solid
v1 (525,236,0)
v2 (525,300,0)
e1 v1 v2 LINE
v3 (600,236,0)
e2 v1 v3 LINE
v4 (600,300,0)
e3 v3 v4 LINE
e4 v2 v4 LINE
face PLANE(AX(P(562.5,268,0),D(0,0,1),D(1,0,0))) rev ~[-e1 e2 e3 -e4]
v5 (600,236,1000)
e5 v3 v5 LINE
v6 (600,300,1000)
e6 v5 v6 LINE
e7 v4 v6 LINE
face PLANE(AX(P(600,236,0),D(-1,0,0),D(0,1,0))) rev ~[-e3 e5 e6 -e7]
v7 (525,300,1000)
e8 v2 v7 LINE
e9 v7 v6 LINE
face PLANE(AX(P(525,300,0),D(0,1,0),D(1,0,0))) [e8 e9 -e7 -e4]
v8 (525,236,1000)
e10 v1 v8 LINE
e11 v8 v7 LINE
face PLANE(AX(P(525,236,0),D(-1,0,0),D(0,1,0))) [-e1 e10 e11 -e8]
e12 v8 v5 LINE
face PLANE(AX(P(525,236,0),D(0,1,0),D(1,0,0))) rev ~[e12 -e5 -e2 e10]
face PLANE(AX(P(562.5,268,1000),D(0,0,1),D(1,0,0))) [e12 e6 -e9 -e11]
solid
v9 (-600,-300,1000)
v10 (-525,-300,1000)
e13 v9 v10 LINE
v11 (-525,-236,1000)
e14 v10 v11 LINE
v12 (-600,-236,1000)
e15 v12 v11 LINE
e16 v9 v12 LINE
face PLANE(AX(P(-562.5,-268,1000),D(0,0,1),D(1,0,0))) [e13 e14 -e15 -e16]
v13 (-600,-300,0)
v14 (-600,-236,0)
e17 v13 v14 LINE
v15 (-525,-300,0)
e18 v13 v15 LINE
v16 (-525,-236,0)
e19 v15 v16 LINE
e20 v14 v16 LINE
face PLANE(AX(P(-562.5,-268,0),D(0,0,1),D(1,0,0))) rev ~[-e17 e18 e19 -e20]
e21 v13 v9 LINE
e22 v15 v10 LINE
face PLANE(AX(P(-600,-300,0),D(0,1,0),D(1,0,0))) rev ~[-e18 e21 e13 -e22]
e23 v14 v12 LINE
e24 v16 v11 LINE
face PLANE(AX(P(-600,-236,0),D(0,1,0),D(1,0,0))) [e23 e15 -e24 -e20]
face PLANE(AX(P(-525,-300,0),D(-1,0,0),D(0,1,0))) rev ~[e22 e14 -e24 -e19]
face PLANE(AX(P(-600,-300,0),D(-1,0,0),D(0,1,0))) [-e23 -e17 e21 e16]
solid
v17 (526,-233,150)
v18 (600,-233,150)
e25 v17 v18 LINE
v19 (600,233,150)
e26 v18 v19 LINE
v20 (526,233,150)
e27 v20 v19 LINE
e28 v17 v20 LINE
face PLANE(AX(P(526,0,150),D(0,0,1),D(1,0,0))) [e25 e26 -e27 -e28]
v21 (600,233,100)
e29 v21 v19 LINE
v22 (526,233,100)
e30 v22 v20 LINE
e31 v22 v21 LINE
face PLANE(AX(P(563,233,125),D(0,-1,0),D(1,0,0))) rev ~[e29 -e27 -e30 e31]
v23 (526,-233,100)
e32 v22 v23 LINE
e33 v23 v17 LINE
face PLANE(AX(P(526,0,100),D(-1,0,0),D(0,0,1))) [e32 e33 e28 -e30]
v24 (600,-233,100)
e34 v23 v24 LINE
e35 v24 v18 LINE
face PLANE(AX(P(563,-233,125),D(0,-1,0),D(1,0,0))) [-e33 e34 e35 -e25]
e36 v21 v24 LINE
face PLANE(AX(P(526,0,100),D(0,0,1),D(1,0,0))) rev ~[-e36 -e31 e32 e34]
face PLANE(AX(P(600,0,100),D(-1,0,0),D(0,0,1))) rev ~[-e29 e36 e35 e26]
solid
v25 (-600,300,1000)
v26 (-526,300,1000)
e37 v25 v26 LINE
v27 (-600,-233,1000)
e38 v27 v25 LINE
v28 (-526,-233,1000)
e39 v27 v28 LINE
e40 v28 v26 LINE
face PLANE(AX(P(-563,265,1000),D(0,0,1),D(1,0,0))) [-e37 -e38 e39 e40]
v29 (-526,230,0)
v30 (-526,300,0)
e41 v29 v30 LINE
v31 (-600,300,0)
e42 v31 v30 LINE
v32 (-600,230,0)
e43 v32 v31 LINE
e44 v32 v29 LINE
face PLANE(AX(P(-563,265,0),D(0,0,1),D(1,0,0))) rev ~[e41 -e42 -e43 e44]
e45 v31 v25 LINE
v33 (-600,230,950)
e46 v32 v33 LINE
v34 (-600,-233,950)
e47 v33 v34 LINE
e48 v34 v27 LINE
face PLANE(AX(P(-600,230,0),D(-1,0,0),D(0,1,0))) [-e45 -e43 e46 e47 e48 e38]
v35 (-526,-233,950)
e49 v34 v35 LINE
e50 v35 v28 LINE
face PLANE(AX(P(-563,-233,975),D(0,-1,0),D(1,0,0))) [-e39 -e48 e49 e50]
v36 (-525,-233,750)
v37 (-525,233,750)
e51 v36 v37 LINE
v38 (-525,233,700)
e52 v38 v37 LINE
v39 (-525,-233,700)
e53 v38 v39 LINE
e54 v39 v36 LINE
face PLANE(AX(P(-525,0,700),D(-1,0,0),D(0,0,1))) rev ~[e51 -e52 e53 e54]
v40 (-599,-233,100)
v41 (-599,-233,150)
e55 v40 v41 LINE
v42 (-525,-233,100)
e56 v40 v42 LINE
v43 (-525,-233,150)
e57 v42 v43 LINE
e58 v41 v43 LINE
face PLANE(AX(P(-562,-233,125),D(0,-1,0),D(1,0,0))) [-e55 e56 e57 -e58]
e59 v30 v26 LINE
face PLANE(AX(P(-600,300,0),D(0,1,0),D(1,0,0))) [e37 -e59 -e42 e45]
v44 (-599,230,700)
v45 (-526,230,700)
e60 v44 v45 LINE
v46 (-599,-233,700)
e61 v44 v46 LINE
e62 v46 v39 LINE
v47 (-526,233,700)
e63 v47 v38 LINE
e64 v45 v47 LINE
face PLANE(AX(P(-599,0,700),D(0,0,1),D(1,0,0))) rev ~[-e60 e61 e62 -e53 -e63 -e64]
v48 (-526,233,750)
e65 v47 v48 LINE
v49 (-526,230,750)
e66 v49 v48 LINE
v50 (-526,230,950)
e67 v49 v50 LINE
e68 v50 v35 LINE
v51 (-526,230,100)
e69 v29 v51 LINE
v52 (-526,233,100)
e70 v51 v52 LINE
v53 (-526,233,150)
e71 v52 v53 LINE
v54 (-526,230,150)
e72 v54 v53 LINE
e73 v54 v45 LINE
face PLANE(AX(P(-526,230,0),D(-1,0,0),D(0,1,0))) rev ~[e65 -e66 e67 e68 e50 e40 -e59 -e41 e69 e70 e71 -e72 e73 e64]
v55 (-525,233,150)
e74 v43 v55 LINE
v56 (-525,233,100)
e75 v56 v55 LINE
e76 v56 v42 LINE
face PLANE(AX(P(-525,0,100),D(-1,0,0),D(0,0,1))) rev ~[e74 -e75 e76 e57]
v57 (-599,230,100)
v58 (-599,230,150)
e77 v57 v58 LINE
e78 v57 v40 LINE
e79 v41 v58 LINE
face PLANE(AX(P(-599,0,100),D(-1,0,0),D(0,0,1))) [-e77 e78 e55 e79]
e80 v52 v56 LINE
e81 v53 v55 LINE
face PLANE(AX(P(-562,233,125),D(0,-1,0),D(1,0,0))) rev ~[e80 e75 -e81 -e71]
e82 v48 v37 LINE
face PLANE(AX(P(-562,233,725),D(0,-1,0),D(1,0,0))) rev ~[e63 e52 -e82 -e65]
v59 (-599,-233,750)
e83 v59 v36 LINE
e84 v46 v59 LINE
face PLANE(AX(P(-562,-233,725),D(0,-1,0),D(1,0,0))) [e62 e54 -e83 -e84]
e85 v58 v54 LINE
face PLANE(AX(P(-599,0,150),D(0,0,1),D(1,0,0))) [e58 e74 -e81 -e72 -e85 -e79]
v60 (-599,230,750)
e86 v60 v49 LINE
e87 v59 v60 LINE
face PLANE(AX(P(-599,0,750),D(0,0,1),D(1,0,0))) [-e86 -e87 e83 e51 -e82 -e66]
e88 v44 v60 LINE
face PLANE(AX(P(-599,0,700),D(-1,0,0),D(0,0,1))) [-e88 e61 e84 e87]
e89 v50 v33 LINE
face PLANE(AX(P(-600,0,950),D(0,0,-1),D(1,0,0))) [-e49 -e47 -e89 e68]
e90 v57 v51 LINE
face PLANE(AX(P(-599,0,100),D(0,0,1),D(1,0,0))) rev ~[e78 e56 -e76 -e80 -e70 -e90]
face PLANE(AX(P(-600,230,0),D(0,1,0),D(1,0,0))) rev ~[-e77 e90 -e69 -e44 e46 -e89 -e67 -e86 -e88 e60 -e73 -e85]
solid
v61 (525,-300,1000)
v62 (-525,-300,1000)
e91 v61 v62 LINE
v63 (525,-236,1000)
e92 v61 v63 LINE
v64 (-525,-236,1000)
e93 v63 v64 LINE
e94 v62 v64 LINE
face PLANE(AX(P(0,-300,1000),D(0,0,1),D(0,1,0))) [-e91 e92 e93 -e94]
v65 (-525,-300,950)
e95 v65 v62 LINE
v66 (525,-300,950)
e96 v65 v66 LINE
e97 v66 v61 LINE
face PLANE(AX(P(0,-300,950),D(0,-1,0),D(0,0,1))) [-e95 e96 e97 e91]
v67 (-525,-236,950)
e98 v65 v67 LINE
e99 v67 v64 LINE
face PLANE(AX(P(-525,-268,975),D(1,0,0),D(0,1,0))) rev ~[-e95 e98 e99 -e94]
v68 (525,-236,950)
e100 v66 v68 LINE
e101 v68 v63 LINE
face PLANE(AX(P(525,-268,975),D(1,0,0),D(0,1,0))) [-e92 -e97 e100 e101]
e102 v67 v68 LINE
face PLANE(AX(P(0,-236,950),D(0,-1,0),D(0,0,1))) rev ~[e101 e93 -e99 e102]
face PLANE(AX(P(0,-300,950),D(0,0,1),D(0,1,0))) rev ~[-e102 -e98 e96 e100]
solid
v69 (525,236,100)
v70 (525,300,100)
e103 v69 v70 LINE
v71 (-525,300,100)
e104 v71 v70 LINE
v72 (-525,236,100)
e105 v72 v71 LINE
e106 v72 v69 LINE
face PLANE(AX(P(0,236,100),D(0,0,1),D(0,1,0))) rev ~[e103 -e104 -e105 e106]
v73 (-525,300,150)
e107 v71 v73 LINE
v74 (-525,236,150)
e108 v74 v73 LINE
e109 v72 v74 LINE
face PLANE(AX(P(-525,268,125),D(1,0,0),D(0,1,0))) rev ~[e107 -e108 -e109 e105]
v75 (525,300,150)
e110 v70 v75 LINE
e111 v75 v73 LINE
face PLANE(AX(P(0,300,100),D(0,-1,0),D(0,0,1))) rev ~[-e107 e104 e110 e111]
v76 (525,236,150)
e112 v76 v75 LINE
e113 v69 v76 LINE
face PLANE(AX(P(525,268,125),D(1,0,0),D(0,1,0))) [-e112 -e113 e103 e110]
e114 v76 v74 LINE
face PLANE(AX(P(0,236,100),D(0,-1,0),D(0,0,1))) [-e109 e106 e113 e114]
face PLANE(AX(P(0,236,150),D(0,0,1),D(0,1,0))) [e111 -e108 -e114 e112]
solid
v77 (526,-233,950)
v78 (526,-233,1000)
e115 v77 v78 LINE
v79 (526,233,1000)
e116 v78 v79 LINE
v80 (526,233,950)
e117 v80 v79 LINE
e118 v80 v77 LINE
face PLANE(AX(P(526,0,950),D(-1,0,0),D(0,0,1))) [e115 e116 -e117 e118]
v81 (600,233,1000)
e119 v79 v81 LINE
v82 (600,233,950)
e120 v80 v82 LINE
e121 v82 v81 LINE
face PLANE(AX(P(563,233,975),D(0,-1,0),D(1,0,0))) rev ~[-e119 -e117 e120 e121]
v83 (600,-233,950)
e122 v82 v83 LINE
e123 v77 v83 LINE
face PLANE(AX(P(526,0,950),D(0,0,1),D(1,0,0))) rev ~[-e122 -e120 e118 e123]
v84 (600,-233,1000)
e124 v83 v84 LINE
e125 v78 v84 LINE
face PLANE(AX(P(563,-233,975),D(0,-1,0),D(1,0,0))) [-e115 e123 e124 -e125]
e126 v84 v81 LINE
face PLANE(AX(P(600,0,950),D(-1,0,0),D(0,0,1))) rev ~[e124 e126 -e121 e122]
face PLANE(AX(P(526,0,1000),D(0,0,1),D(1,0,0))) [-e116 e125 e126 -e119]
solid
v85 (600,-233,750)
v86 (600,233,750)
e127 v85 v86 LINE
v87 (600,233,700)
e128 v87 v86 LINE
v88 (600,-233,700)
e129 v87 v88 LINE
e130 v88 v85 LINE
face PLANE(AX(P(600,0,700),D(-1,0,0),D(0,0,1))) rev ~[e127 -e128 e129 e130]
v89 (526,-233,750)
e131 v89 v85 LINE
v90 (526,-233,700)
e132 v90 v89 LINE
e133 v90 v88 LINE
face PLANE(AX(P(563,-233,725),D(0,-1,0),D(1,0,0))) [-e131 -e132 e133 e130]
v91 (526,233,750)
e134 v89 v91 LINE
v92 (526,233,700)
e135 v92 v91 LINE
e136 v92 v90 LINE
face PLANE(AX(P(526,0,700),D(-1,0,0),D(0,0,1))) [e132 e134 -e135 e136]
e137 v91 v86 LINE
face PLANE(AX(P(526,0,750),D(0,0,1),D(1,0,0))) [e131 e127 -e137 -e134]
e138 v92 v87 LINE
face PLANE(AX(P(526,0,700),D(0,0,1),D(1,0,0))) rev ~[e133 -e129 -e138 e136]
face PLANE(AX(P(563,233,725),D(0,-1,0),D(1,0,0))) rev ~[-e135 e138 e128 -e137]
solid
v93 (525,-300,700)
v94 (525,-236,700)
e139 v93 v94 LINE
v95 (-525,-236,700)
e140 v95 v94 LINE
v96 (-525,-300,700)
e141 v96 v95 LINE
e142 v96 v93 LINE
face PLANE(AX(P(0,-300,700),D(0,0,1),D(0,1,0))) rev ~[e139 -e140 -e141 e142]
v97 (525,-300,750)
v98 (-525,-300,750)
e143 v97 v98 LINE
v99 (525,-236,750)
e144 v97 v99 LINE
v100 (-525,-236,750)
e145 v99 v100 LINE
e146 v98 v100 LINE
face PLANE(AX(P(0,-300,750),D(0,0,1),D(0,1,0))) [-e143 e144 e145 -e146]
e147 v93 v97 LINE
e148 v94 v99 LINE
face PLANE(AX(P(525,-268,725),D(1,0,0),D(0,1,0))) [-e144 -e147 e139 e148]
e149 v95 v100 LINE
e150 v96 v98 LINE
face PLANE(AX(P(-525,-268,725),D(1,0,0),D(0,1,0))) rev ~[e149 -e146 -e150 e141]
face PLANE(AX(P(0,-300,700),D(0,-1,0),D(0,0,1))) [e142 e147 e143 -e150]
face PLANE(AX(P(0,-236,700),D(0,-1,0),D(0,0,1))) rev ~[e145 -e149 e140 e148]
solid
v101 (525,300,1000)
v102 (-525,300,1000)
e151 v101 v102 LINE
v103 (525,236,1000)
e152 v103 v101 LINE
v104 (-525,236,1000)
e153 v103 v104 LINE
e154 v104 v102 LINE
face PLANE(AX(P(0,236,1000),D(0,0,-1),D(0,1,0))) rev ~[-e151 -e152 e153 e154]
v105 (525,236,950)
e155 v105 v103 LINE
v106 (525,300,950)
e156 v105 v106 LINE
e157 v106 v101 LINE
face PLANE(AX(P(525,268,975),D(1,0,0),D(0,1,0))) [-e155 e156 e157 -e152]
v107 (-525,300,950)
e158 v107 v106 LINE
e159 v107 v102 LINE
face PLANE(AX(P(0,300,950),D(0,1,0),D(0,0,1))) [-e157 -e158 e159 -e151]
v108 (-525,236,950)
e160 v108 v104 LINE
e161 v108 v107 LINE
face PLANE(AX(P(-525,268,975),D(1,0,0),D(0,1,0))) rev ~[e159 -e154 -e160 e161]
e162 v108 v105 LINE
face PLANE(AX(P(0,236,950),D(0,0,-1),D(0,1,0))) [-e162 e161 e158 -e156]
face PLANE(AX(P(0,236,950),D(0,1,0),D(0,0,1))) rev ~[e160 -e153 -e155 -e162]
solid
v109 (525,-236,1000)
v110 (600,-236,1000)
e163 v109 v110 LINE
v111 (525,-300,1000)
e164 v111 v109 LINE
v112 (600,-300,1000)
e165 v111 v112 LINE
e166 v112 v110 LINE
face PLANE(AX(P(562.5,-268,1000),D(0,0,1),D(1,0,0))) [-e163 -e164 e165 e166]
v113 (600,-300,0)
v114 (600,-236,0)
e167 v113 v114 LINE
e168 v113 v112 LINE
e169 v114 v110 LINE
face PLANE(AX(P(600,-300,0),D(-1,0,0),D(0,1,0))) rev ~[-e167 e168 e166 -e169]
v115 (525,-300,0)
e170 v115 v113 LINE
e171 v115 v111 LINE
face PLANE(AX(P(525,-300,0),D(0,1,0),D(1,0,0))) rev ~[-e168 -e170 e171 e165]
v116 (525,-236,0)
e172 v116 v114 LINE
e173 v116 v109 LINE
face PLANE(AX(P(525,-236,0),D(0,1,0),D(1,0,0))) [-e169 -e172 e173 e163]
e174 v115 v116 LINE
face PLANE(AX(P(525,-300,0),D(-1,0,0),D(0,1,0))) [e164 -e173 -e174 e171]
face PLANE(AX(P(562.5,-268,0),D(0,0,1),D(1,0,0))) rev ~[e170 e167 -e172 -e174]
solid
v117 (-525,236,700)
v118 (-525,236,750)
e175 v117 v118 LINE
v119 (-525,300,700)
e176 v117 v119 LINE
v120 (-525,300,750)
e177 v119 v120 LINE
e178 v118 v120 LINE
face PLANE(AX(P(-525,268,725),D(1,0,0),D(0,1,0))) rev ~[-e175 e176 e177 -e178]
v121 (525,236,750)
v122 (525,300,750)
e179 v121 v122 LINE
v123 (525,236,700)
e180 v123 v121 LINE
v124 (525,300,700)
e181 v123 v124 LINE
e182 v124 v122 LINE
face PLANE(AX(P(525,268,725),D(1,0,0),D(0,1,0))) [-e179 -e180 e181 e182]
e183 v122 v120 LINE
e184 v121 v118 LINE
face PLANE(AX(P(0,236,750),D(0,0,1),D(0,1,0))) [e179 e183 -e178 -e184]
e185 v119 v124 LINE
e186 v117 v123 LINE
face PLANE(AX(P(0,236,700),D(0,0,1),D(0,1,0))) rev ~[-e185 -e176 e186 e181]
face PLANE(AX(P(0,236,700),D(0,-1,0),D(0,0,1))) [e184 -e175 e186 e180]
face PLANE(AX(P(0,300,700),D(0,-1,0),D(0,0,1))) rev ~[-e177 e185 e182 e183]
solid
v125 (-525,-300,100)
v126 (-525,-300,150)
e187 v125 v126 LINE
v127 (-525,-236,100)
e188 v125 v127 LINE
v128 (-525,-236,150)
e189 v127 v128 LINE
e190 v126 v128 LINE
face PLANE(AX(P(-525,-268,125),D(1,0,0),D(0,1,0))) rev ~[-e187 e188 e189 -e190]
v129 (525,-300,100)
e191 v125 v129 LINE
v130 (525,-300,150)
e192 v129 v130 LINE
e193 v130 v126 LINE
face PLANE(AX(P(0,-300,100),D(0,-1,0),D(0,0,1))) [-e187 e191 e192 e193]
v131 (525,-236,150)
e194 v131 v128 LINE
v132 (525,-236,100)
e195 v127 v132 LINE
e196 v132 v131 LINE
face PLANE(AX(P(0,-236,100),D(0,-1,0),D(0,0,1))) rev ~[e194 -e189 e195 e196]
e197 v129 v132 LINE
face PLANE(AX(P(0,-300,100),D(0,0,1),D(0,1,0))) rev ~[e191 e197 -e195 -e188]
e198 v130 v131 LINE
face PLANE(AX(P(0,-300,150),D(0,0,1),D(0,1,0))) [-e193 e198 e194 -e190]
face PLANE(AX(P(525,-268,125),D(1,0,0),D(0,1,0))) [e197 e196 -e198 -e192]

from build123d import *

# Parameters (mm, degrees)
F0_W     = 74
F0_H     = 70
F0_W_2   = 75
F0_H_2   = 64
F1_DEPTH = 1000
F2_W     = 64
F2_H     = 50
F3_DEPTH = 525
F4_W     = 74
F4_H     = 50
F5_DEPTH = 233


with BuildPart() as f1:
    # F0 (on Top) → F1 (new body)
    with BuildSketch(Plane.XY):
        with Locations((-563, 265)):
            Rectangle(F0_W, F0_H)
        with Locations((-562.5, -268)):
            Rectangle(F0_W_2, F0_H_2)
        with Locations((562.5, -268)):
            Rectangle(F0_W_2, F0_H_2)
        with Locations((562.5, 268)):
            Rectangle(F0_W_2, F0_H_2)
    extrude(amount=F1_DEPTH)

    # F4 (on Front) → F5 (join, symmetric)
    with BuildSketch(Plane.XZ):
        with Locations((563, 725)):
            Rectangle(F4_W, F4_H)
        with Locations((563, 125)):
            Rectangle(F4_W, F4_H)
        with Locations((563, 975)):
            Rectangle(F4_W, F4_H)
        with Locations((-562, 125)):
            Rectangle(F4_W, F4_H)
        with Locations((-562, 725)):
            Rectangle(F4_W, F4_H)
        with Locations((-563, 975)):
            Rectangle(F4_W, F4_H)
    extrude(amount=F5_DEPTH, both=True)


with BuildPart() as f3:
    # F2 (on Right) → F3 (new body, symmetric)
    with BuildSketch(Plane.YZ):
        with Locations((-268, 975)):
            Rectangle(F2_W, F2_H)
        with Locations((-268, 725)):
            Rectangle(F2_W, F2_H)
        with Locations((-268, 125)):
            Rectangle(F2_W, F2_H)
        with Locations((268, 125)):
            Rectangle(F2_W, F2_H)
        with Locations((268, 725)):
            Rectangle(F2_W, F2_H)
        with Locations((268, 975)):
            Rectangle(F2_W, F2_H)
    extrude(amount=F3_DEPTH, both=True)


solid = Compound([f1.part, f3.part])
